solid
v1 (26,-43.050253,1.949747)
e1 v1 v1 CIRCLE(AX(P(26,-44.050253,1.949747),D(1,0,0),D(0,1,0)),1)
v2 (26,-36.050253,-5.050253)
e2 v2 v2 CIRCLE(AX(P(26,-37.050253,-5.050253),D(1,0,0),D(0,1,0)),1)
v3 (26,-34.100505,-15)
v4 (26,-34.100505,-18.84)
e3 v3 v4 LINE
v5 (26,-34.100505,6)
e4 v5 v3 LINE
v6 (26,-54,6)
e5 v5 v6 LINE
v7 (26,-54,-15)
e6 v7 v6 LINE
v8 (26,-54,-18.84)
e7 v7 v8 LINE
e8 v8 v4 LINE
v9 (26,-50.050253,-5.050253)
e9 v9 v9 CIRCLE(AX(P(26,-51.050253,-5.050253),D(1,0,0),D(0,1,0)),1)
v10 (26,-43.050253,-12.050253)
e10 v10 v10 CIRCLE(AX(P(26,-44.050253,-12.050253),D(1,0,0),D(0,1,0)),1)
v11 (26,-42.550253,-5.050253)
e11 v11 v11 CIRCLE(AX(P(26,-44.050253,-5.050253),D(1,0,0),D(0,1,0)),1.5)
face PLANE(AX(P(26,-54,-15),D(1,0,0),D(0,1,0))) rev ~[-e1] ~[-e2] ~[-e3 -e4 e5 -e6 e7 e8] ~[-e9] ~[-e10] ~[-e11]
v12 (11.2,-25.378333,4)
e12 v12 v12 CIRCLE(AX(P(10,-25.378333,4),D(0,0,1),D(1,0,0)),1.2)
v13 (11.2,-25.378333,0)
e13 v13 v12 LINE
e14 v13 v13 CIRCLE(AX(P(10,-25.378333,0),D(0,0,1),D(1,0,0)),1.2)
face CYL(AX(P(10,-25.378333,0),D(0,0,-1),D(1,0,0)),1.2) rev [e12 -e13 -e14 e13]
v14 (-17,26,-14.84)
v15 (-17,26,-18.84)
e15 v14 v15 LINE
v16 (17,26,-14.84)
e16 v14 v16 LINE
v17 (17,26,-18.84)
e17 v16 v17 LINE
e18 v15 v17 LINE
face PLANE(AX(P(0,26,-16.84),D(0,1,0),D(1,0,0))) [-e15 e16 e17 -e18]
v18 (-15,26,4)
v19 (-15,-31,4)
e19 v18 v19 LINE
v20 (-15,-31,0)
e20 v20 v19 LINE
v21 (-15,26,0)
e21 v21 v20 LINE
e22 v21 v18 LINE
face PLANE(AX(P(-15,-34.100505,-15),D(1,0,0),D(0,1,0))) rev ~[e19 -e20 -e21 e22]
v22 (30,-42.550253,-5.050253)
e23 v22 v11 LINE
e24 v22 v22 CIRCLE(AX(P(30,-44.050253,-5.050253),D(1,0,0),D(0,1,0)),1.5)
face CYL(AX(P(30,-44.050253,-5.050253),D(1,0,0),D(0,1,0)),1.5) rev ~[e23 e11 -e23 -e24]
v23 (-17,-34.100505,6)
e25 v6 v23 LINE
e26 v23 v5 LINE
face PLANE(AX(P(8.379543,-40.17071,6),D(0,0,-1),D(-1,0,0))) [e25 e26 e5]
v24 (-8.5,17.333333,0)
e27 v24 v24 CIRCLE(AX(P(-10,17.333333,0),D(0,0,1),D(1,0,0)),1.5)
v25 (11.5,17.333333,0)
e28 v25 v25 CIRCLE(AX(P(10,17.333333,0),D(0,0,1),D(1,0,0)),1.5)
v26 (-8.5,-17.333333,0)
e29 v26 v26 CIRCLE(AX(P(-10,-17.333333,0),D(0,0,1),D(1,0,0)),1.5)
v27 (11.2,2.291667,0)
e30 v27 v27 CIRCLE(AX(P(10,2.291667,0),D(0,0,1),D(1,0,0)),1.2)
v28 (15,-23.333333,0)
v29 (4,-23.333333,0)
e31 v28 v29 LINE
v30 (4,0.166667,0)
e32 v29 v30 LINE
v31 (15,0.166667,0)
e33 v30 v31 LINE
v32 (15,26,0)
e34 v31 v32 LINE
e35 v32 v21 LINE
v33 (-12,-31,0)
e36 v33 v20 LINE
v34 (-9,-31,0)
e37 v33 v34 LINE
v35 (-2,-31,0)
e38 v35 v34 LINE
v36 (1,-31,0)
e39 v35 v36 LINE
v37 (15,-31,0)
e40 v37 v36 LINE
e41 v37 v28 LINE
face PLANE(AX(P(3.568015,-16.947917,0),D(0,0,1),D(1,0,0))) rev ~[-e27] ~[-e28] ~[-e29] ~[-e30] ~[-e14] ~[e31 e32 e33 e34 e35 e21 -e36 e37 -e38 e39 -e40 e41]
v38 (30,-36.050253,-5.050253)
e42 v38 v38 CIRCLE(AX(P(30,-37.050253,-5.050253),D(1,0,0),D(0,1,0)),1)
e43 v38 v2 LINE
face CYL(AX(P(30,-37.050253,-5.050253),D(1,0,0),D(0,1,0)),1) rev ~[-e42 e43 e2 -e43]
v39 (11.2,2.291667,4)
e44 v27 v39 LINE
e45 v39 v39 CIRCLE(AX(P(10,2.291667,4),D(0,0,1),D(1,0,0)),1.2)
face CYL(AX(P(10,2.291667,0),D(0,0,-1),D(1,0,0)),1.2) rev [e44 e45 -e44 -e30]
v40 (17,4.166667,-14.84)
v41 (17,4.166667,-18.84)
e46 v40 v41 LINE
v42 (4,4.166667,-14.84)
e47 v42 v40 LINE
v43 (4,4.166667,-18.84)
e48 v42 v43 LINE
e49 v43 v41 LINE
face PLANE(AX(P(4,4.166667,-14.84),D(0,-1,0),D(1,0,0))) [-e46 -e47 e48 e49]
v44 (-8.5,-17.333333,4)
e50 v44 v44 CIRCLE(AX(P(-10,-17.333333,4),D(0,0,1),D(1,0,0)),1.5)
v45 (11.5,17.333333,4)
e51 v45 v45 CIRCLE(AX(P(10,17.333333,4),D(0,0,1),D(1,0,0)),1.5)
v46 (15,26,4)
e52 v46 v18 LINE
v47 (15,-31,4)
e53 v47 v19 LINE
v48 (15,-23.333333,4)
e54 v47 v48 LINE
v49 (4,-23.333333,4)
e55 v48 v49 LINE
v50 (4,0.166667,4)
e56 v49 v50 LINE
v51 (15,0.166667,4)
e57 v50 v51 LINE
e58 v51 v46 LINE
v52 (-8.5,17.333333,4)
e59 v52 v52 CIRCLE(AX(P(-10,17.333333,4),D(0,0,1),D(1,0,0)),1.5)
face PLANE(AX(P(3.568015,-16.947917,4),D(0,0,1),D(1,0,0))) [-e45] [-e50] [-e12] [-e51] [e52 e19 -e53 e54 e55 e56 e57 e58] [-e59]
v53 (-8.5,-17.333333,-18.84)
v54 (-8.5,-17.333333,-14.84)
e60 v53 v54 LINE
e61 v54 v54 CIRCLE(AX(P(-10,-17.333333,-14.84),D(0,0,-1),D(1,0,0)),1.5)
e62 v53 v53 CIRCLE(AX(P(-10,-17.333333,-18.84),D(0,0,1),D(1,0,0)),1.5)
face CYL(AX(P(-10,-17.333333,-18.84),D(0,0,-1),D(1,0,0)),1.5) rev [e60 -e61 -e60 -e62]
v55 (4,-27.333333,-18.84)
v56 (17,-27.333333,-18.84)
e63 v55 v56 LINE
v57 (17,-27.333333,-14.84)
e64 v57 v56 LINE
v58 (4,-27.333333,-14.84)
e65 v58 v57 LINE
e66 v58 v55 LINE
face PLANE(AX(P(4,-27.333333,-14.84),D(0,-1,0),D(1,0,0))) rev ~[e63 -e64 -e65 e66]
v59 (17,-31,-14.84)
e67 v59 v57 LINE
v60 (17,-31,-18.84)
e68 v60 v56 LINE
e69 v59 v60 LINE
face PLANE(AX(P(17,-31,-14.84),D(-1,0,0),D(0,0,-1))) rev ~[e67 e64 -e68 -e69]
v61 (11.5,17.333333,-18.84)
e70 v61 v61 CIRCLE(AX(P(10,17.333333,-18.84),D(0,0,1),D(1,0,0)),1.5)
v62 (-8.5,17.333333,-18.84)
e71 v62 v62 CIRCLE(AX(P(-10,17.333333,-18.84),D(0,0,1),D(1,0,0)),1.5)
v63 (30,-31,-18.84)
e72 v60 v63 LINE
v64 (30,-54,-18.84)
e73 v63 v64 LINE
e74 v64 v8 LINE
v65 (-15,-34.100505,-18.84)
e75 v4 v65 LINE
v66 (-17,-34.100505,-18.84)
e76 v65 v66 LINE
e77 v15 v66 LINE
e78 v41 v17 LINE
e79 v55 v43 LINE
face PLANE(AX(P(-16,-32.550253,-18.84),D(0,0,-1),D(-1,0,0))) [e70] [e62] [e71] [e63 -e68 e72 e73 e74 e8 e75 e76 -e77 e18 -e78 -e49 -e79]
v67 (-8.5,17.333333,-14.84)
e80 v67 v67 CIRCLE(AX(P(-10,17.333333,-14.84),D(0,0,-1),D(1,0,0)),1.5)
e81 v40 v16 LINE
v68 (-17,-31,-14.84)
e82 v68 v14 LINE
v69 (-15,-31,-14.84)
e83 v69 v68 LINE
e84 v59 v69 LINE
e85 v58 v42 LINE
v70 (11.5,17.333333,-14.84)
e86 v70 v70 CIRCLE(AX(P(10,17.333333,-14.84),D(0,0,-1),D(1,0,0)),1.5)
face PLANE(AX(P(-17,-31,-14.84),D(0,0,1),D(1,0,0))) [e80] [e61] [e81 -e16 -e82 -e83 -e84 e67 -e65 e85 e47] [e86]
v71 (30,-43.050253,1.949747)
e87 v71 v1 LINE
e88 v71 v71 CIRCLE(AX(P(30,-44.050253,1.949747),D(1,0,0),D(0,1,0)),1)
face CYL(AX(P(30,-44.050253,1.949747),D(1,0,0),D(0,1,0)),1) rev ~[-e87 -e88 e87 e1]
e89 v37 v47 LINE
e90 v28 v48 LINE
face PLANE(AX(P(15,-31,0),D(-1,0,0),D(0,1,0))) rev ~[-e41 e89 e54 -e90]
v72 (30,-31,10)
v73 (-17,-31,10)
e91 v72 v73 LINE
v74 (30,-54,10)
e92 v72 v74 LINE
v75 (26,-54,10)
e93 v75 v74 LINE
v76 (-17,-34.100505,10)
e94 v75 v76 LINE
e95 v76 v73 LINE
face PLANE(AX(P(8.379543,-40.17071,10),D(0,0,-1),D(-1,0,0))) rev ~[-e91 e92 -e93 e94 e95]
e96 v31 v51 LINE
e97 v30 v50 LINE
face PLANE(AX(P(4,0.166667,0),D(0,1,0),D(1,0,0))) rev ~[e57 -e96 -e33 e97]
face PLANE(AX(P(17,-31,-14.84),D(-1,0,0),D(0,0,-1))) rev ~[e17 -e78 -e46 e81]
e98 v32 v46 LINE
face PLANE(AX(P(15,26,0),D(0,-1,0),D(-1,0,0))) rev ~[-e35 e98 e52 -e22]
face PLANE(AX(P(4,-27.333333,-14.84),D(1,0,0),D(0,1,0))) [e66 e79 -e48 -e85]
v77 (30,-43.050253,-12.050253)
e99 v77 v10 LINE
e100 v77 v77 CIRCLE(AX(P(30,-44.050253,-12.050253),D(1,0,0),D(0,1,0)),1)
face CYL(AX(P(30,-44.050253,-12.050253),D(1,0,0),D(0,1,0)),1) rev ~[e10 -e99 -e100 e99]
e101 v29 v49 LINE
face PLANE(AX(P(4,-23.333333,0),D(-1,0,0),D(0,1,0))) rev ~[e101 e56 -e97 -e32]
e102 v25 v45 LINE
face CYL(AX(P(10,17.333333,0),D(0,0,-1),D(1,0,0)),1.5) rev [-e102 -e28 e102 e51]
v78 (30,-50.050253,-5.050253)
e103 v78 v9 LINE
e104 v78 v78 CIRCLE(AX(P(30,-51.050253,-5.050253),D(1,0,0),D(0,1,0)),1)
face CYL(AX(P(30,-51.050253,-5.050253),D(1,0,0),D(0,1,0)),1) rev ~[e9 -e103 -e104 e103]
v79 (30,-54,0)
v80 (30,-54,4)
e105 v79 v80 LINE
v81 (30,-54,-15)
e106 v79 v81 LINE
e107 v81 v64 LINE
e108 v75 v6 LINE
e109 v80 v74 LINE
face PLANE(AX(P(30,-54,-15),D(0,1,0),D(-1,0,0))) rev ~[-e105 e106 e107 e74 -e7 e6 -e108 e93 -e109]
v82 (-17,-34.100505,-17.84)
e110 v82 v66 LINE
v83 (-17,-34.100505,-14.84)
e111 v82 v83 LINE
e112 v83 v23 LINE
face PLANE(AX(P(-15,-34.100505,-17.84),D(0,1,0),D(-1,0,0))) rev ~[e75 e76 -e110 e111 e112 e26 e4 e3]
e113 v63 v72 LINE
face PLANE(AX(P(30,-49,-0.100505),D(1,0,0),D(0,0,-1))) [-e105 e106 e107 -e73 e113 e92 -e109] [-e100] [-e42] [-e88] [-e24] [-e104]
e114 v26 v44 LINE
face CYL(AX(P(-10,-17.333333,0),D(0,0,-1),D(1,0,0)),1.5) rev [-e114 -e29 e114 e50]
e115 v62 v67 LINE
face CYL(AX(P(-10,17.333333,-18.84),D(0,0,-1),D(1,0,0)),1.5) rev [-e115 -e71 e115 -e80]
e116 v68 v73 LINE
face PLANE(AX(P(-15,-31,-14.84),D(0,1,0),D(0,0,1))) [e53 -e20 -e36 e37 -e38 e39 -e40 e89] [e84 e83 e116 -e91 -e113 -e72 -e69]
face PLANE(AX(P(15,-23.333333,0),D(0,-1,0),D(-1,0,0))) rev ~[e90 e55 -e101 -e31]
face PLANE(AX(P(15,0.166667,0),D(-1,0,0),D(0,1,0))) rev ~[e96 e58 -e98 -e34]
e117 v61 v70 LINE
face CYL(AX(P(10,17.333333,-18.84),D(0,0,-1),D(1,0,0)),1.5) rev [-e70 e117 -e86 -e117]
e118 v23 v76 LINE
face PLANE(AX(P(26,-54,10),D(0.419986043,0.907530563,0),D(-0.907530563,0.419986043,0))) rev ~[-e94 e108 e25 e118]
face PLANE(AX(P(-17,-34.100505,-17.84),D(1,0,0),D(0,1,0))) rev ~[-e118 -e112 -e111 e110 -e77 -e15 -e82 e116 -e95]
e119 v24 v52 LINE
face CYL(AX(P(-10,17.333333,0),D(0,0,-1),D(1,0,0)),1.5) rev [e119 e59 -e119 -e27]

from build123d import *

# Parameters (mm, degrees)
SKETCH_1_R           = 1.5
SKETCH_1_R_2         = 1.2
EXTRUDE_1_DEPTH      = 4
SKETCH_2_W           = 19.899494937
SKETCH_2_H           = 19.899494937
SKETCH_2_R           = 1.5
EXTRUDE_2_DEPTH      = 4
EXTRUDE_3_DEPTH      = 15
EXTRUDE_3_DEPTH_BACK = 10
SKETCH_3_W           = 45
SKETCH_3_H           = 3.100505063
SKETCH_4_W           = 14.84
SKETCH_4_H           = 5
EXTRUDE_4_DEPTH      = 16
SKETCH_4_3_W         = 14.84
SKETCH_4_3_H         = 5
CUT_EXTRUDE_1_DEPTH  = 13
EXTRUDE_5_DEPTH      = 6
SKETCH_4_6_W         = 14.84
SKETCH_4_6_H         = 5
CUT_EXTRUDE_4_DEPTH  = 3
SKETCH_7_W           = 41
SKETCH_7_H           = 19.899494937
CUT_EXTRUDE_6_DEPTH  = 4
EXTRUDE_7_DEPTH      = 4
SKETCH_12_R          = 1.5
CUT_EXTRUDE_8_DEPTH  = 4
SKETCH_13_W          = 4
SKETCH_13_H          = 19.899494937
EXTRUDE_8_DEPTH      = 5.100505063
SKETCH_14_R          = 1.5
CUT_EXTRUDE_9_DEPTH  = 4
EXTRUDE_9_DEPTH      = 3.84
SKETCH_16_W          = 34
SKETCH_16_H          = 4
EXTRUDE_10_DEPTH     = 57
CUT_EXTRUDE_START    = -22.84
SKETCH_17_R          = 1.5
CUT_EXTRUDE_10_DEPTH = 22.84
SKETCH_18_W          = 2
SKETCH_18_H          = 3
EXTRUDE_11_DEPTH     = 3.100505063
SKETCH_19_W          = 24.84
SKETCH_19_H          = 3.100505063
EXTRUDE_12_DEPTH     = 2
EXTRUDE_13_DEPTH     = 4
SKETCH_21_W          = 13
SKETCH_21_H          = 31.5
CUT_EXTRUDE_11_DEPTH = 4
SKETCH_4_7_W         = 14.84
SKETCH_4_7_H         = 5
CUT_EXTRUDE_12_DEPTH = 16
SKETCH_22_W          = 2
SKETCH_22_H          = 3.100505063
EXTRUDE_14_DEPTH     = 1
SKETCH_23_R          = 1.5
EXTRUDE_15_DEPTH     = 4
SKETCH_24_R          = 1
CUT_EXTRUDE_13_DEPTH = 4


with BuildPart() as part:
    # 草图1 → 凸台-拉伸1 (new body)
    with BuildSketch(Plane.XY):
        Polygon((-15, -26), (-15, -54), (30, -54), (30, -31), (15, -31), (15, -26), (15, -23.333333333), (4, -23.333333333), (4, 0.166666667), (15, 0.166666667), (15, 26), (-15, 26), align=None)
        with Locations((-10, 17.333333333)):
            Circle(SKETCH_1_R, mode=Mode.SUBTRACT)
        with Locations((10, 17.333333333)):
            Circle(SKETCH_1_R, mode=Mode.SUBTRACT)
        with Locations((-10, -17.333333333)):
            Circle(SKETCH_1_R, mode=Mode.SUBTRACT)
        with Locations((10, 2.291666667)):
            Circle(SKETCH_1_R_2, mode=Mode.SUBTRACT)
        with Locations((10, -25.378333333)):
            Circle(SKETCH_1_R_2, mode=Mode.SUBTRACT)
    extrude(amount=EXTRUDE_1_DEPTH)

    # 草图2 → 凸台-拉伸2 (add)
    with BuildSketch(Plane(origin=(30, 0, 0), x_dir=(0, 0, -1), z_dir=(1, 0, 0))):
        with Locations((5.050252532, -44.050252531)):
            Rectangle(SKETCH_2_W, SKETCH_2_H)
        with Locations((0.100505063, -39.100505063)):
            Circle(SKETCH_2_R, mode=Mode.SUBTRACT)
        with Locations((10, -39.100505063)):
            Circle(SKETCH_2_R, mode=Mode.SUBTRACT)
        with Locations((0.100505063, -49)):
            Circle(SKETCH_2_R, mode=Mode.SUBTRACT)
        with Locations((10, -49)):
            Circle(SKETCH_2_R, mode=Mode.SUBTRACT)
    extrude(amount=-EXTRUDE_2_DEPTH)

    # 草图3 → 凸台-拉伸3 (add, two sides: drawn at the far end of the back side and taken through both)
    with BuildSketch(Plane(origin=(0, 0, 0), x_dir=(-1, 0, 0), z_dir=(0, 0, -1)).offset(-EXTRUDE_3_DEPTH_BACK)):
        with Locations((-7.5, -32.550252531)):
            Rectangle(SKETCH_3_W, SKETCH_3_H)
    extrude(amount=EXTRUDE_3_DEPTH + EXTRUDE_3_DEPTH_BACK)

    # 草图7 → 切除-拉伸6 (cut)
    with BuildSketch(Plane(origin=(0, 0, 0), x_dir=(-1, 0, 0), z_dir=(0, 0, -1))):
        with Locations((-5.5, -44.050252531)):
            Rectangle(SKETCH_7_W, SKETCH_7_H)
    extrude(amount=-CUT_EXTRUDE_6_DEPTH, mode=Mode.SUBTRACT)

    # 草图10 → 凸台-拉伸7 (add)
    with BuildSketch(Plane.XY.offset(10)):
        Polygon((26, -54), (-15, -34.100505063), (26, -34.100505063), align=None)
    extrude(amount=-EXTRUDE_7_DEPTH)

    # 草图12 → 切除-拉伸8 (cut)
    with BuildSketch(Plane(origin=(30, 0, 0), x_dir=(0, 0, -1), z_dir=(1, 0, 0))):
        with Locations(Location((5.050252532, -44.050252532, 0), (0, 0, 90))):
            Circle(SKETCH_12_R)
    extrude(amount=-CUT_EXTRUDE_8_DEPTH, mode=Mode.SUBTRACT)

    # 草图13 → 凸台-拉伸8 (add)
    with BuildSketch(Plane.XY.offset(4.899494937)):
        with Locations((28, -44.050252531)):
            Rectangle(SKETCH_13_W, SKETCH_13_H)
    extrude(amount=EXTRUDE_8_DEPTH)

    # 草图14 → 切除-拉伸9 (cut)
    with BuildSketch(Plane(origin=(30, 0, 0), x_dir=(0, 0, -1), z_dir=(1, 0, 0))):
        with Locations((0.100505063, -49)):
            Circle(SKETCH_14_R)
        with Locations((0.100505063, -39.100505063)):
            Circle(SKETCH_14_R)
    extrude(amount=-CUT_EXTRUDE_9_DEPTH, mode=Mode.SUBTRACT)

    # 草图15 → 凸台-拉伸9 (add)
    with BuildSketch(Plane(origin=(0, 0, -15), x_dir=(-1, 0, 0), z_dir=(0, 0, -1))):
        Polygon((-30, -31), (-30, -54), (-26, -54), (-26, -34.100505063), (15, -34.100505063), (15, -31), align=None)
    extrude(amount=EXTRUDE_9_DEPTH)



with BuildPart() as body_2:
    # 草图4 → 凸台-拉伸4 (new body)
    with BuildSketch(Plane.ZY.offset(15)):
        with Locations((-7.42, -28.5)):
            Rectangle(SKETCH_4_W, SKETCH_4_H)
    extrude(amount=-EXTRUDE_4_DEPTH)

    # 草图4<3> → 切除-拉伸1 (cut)
    with BuildSketch(Plane.ZY.offset(15)):
        with Locations((-7.42, -28.5)):
            Rectangle(SKETCH_4_3_W, SKETCH_4_3_H)
    extrude(amount=-CUT_EXTRUDE_1_DEPTH, mode=Mode.SUBTRACT)


with BuildPart() as body_3:
    # 草图4 → 凸台-拉伸5 (new body)
    with BuildSketch(Plane.ZY.offset(15)):
        with Locations((-7.42, -28.5)):
            Rectangle(SKETCH_4_W, SKETCH_4_H)
    extrude(amount=-EXTRUDE_5_DEPTH)

    # 草图4<6> → 切除-拉伸4 (cut)
    with BuildSketch(Plane.ZY.offset(15)):
        with Locations((-7.42, -28.5)):
            Rectangle(SKETCH_4_6_W, SKETCH_4_6_H)
    extrude(amount=-CUT_EXTRUDE_4_DEPTH, mode=Mode.SUBTRACT)


with BuildPart() as part_1:
    add(part.part)

    add(body_2.part)  # 凸台-拉伸10 merges body 2

    add(body_3.part)  # 凸台-拉伸10 merges body 3
    # 草图16 → 凸台-拉伸10 (add)
    with BuildSketch(Plane(origin=(0, -31, 0), x_dir=(1, 0, 0), z_dir=(0, 1, 0))):
        with Locations((0, 16.84)):
            Rectangle(SKETCH_16_W, SKETCH_16_H)
    extrude(amount=EXTRUDE_10_DEPTH)

    # 草图17 → 切除-拉伸10 (cut)
    with BuildSketch(Plane.XY.offset(4).offset(CUT_EXTRUDE_START)):
        with Locations((-10, -17.333333333)):
            Circle(SKETCH_17_R)
        with Locations((-10, 17.333333333)):
            Circle(SKETCH_17_R)
        with Locations((10, 17.333333333)):
            Circle(SKETCH_17_R)
    extrude(amount=CUT_EXTRUDE_10_DEPTH, mode=Mode.SUBTRACT)

    # 草图18 → 凸台-拉伸11 (add)
    with BuildSketch(Plane.XZ.offset(31)):
        with Locations((-16, -16.34)):
            Rectangle(SKETCH_18_W, SKETCH_18_H)
    extrude(amount=EXTRUDE_11_DEPTH)

    # 草图19 → 凸台-拉伸12 (add)
    with BuildSketch(Plane.ZY.offset(15)):
        with Locations((-2.42, -32.550252531)):
            Rectangle(SKETCH_19_W, SKETCH_19_H)
    extrude(amount=EXTRUDE_12_DEPTH)

    # 草图20 → 凸台-拉伸13 (add)
    with BuildSketch(Plane.XY.offset(10)):
        Polygon((26, -54), (-17, -34.100505063), (26, -34.100505063), align=None)
    extrude(amount=-EXTRUDE_13_DEPTH)

    # 草图21 → 切除-拉伸11 (cut)
    with BuildSketch(Plane.XY.offset(-14.84)):
        with Locations((10.5, -11.583333333)):
            Rectangle(SKETCH_21_W, SKETCH_21_H)
    extrude(amount=-CUT_EXTRUDE_11_DEPTH, mode=Mode.SUBTRACT)

    # 草图4<7> → 切除-拉伸12 (cut)
    with BuildSketch(Plane.ZY.offset(15)):
        with Locations((-7.42, -28.5)):
            Rectangle(SKETCH_4_7_W, SKETCH_4_7_H)
    extrude(amount=-CUT_EXTRUDE_12_DEPTH, mode=Mode.SUBTRACT)

    # 草图22 → 凸台-拉伸14 (add)
    with BuildSketch(Plane(origin=(0, 0, -17.84), x_dir=(-1, 0, 0), z_dir=(0, 0, -1))):
        with Locations((16, -32.550252531)):
            Rectangle(SKETCH_22_W, SKETCH_22_H)
    extrude(amount=EXTRUDE_14_DEPTH)

    # 草图23 → 凸台-拉伸15 (add)
    with BuildSketch(Plane(origin=(30, 0, 0), x_dir=(0, 0, -1), z_dir=(1, 0, 0))):
        with Locations((0.100505063, -49)):
            Circle(SKETCH_23_R)
        with Locations((0.100505063, -39.100505063)):
            Circle(SKETCH_23_R)
        with Locations((10, -49)):
            Circle(SKETCH_23_R)
        with Locations((10, -39.100505063)):
            Circle(SKETCH_23_R)
    extrude(amount=-EXTRUDE_15_DEPTH)

    # 草图24 → 切除-拉伸13 (cut)
    with BuildSketch(Plane(origin=(30, 0, 0), x_dir=(0, 0, -1), z_dir=(1, 0, 0))):
        with Locations(Location((-1.949747468, -44.050252532, 0), (0, 0, 90))):
            Circle(SKETCH_24_R)
        with Locations(Location((12.050252532, -44.050252532, 0), (0, 0, 90))):
            Circle(SKETCH_24_R)
        with Locations(Location((5.050252532, -37.050252532, 0), (0, 0, 90))):
            Circle(SKETCH_24_R)
        with Locations(Location((5.050252532, -51.050252532, 0), (0, 0, 90))):
            Circle(SKETCH_24_R)
    extrude(amount=-CUT_EXTRUDE_13_DEPTH, mode=Mode.SUBTRACT)


solid = part_1.part
